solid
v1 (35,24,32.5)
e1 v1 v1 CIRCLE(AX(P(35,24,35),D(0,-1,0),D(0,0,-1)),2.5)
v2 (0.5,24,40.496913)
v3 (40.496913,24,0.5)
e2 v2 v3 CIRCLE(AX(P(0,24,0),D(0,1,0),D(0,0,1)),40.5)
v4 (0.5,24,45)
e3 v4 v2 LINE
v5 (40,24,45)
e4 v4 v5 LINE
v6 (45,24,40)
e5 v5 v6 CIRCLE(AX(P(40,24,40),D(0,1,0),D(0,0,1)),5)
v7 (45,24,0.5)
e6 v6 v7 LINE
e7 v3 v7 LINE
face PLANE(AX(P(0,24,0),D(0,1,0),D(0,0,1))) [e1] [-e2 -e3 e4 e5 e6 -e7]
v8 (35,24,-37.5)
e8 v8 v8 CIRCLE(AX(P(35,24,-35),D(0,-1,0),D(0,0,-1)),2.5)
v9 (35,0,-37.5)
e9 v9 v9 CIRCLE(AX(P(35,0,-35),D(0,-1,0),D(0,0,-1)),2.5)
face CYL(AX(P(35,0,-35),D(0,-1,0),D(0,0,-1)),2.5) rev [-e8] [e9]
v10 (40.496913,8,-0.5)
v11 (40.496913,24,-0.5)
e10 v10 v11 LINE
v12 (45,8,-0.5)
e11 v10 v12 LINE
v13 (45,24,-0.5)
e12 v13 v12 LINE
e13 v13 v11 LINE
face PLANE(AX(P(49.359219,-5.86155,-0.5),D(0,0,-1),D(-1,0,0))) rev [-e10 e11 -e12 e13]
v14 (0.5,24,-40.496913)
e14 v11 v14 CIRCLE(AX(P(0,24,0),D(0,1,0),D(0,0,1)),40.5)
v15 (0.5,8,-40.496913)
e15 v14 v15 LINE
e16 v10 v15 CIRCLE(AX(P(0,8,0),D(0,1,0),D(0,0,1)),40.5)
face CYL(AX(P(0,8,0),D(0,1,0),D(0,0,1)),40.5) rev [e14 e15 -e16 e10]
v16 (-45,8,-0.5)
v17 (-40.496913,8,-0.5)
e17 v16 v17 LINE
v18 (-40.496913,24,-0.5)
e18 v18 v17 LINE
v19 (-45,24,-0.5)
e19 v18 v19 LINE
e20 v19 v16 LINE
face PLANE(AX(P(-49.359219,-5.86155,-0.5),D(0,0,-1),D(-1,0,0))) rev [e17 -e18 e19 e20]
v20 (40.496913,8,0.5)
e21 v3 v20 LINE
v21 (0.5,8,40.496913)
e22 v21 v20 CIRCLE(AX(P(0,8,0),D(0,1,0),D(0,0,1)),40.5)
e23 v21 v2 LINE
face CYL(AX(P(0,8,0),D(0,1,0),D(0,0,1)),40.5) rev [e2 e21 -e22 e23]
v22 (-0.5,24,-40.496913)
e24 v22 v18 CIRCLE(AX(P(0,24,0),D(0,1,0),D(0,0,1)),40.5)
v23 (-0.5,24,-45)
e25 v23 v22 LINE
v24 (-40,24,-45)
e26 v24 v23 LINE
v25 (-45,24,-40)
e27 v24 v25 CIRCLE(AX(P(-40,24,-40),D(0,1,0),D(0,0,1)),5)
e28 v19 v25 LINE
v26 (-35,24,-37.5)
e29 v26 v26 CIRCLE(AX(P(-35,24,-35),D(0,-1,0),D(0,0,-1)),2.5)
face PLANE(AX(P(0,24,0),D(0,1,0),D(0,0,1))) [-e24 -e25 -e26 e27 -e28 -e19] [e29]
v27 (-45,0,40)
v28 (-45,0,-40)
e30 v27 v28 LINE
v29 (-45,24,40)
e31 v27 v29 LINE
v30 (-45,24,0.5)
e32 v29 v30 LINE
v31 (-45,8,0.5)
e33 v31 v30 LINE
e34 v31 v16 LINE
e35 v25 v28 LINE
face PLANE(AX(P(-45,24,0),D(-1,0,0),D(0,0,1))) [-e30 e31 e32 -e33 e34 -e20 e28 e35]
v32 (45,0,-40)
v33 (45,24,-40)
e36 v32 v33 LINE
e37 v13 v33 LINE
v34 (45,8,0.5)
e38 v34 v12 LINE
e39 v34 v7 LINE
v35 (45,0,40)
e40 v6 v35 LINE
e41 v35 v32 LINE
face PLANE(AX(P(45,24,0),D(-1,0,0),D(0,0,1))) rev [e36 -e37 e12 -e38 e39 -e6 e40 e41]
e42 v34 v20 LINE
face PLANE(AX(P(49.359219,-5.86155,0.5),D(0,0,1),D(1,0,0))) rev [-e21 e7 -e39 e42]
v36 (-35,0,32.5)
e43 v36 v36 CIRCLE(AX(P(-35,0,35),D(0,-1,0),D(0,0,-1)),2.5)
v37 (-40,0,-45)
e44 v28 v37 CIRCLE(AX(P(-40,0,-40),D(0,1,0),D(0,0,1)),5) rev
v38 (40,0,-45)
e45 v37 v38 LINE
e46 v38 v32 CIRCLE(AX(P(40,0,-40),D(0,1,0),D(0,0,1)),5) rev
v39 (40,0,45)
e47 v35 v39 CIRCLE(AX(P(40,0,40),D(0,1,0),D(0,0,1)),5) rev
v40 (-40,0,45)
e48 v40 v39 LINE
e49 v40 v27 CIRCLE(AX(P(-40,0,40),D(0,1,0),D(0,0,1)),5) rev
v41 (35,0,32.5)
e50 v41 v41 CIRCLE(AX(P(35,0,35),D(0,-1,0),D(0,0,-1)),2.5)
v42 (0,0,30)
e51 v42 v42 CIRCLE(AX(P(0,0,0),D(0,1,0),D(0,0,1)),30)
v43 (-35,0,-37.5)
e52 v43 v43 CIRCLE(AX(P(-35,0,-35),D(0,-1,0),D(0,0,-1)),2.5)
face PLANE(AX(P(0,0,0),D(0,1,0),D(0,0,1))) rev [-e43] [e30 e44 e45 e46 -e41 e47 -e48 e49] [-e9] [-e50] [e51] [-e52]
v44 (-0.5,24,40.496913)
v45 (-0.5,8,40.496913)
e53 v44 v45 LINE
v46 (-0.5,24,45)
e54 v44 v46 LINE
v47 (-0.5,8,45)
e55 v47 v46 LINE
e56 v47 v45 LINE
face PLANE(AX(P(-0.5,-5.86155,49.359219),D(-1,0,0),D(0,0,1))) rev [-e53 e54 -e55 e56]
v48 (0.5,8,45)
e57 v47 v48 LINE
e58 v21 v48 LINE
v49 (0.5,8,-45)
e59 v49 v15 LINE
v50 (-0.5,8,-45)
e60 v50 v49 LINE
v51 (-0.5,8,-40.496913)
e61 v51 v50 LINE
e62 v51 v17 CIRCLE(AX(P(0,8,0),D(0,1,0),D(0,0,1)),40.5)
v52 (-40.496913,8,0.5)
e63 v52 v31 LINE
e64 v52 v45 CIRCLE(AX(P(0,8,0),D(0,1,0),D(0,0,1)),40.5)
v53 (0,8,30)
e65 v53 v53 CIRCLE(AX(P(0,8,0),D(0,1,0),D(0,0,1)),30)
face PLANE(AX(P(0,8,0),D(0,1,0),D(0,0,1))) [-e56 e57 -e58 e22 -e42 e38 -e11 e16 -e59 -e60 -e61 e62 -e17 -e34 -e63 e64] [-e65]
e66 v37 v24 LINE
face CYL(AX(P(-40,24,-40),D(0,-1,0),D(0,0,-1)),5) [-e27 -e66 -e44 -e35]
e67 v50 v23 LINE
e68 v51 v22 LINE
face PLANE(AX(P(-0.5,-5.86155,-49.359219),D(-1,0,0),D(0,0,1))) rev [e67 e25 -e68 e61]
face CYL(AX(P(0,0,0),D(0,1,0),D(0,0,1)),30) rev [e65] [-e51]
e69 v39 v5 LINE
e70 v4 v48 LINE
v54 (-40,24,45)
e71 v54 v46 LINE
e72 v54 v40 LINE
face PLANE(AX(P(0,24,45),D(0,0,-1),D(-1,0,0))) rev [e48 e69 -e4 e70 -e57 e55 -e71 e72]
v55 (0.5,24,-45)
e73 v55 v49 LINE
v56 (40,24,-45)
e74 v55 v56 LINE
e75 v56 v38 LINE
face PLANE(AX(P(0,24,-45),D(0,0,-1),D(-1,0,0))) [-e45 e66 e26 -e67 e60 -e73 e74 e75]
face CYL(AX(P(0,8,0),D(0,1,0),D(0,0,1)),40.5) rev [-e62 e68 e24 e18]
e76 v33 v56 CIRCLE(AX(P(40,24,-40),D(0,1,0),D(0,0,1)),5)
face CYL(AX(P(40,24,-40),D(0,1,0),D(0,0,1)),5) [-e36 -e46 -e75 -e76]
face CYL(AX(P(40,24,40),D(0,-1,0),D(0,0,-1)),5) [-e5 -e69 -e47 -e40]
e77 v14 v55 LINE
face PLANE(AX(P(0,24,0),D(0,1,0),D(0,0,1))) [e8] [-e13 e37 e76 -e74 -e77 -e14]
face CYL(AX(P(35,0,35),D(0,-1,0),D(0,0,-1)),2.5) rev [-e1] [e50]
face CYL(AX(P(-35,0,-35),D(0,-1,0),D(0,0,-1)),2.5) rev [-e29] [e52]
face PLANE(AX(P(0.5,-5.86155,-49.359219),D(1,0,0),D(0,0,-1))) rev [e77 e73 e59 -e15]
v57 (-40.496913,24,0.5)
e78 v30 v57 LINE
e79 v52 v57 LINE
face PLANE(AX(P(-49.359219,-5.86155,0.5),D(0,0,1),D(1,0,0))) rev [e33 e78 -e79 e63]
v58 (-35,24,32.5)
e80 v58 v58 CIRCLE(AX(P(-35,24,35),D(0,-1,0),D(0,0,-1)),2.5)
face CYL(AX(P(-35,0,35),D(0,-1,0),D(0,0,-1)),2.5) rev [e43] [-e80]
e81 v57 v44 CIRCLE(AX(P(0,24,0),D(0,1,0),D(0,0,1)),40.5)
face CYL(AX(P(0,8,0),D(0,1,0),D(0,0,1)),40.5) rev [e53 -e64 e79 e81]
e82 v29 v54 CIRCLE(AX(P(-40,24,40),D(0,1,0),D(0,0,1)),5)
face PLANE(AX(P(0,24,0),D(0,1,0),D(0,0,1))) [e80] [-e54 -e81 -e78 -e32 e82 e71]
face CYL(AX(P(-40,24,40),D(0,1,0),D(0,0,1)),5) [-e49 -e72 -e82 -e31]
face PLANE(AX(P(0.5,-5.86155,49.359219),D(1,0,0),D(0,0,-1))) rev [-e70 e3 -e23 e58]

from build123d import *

# Parameters (mm, degrees)
SKETCH1_W             = 90
SKETCH1_H             = 90
SKETCH1_R             = 34
BOSS_EXTRUDE1_DEPTH   = 24
SKETCH2_R             = 40.5
CUT_EXTRUDE1_DEPTH    = 16
SKETCH3_R             = 12.7
CUT_EXTRUDE2_DEPTH    = 19
M6X1_0_TAPPED_HOLE1_D = 5
FILLET1_R             = 5
SKETCH7_R             = 30
SKETCH7_R_2           = 20
SKETCH7_R_3           = 12.7
CUT_EXTRUDE3_DEPTH    = 66.620118866
SKETCH8_W             = 13.825432395
SKETCH8_H             = 1
SKETCH8_W_2           = 1
SKETCH8_H_2           = 13.825432395
CUT_EXTRUDE4_DEPTH    = 16


with BuildPart() as part:
    # Sketch1 → Boss-Extrude1 (new body)
    # profile 1 of 2: a face of its own
    with BuildSketch(Plane(origin=(0, 0, 0), x_dir=(1, 0, 0), z_dir=(0, 1, 0))):
        Rectangle(SKETCH1_W, SKETCH1_H)
        Circle(SKETCH1_R, mode=Mode.SUBTRACT)
    # profile 2 of 2: a face of its own
    with BuildSketch(Plane(origin=(0, 0, 0), x_dir=(1, 0, 0), z_dir=(0, 1, 0))):
        Circle(SKETCH1_R)
    extrude(amount=BOSS_EXTRUDE1_DEPTH)

    # Sketch2 → Cut-Extrude1 (cut)
    with BuildSketch(Plane(origin=(0, 24, 0), x_dir=(1, 0, 0), z_dir=(0, 1, 0))):
        with Locations(Location((0, 0, 0), (0, 0, 270))):
            Circle(SKETCH2_R)
    extrude(amount=-CUT_EXTRUDE1_DEPTH, mode=Mode.SUBTRACT)

    # Sketch3 → Cut-Extrude2 (cut)
    with BuildSketch(Plane(origin=(0, 8, 0), x_dir=(1, 0, 0), z_dir=(0, 1, 0))):
        with Locations(Location((0, 0, 0), (0, 0, 270))):
            Circle(SKETCH3_R)
    extrude(amount=-CUT_EXTRUDE2_DEPTH, mode=Mode.SUBTRACT)

    # M6x1.0 Tapped Hole1 (through all)
    with Locations(Plane(origin=(0, 0, 0), x_dir=(-1, 0, 0), z_dir=(0, -1, 0))):
        with Locations((35, 35), (35, -35), (-35, -35), (-35, 35)):
            Hole(M6X1_0_TAPPED_HOLE1_D / 2)

    # Fillet1
    fillet1_edges = [part.edges().sort_by_distance(p)[0] for p in [
        (-45, 12, 45),
        (-45, 12, -45),
        (45, 12, -45),
        (45, 12, 45),
    ]]
    fillet(fillet1_edges, radius=FILLET1_R)

    # Sketch7 → Cut-Extrude3 (cut, through all)
    # profile 1 of 2: a face of its own
    with BuildSketch(Plane(origin=(0, 8, 0), x_dir=(1, 0, 0), z_dir=(0, 1, 0))):
        with Locations(Location((0, 0, 0), (0, 0, 270))):
            Circle(SKETCH7_R)
        Circle(SKETCH7_R_2, mode=Mode.SUBTRACT)
    # profile 2 of 2: a face of its own
    with BuildSketch(Plane(origin=(0, 8, 0), x_dir=(1, 0, 0), z_dir=(0, 1, 0))):
        Circle(SKETCH7_R_2)
        Circle(SKETCH7_R_3, mode=Mode.SUBTRACT)
    extrude(amount=-CUT_EXTRUDE3_DEPTH, mode=Mode.SUBTRACT)

    # Sketch8 → Cut-Extrude4 (cut)
    with BuildSketch(Plane(origin=(0, 24, 0), x_dir=(1, 0, 0), z_dir=(0, 1, 0))):
        with Locations((42.446502967, 0)):
            Rectangle(SKETCH8_W, SKETCH8_H)
        with Locations((0, 42.446502967)):
            Rectangle(SKETCH8_W_2, SKETCH8_H_2)
        with Locations((0, -42.446502967)):
            Rectangle(SKETCH8_W_2, SKETCH8_H_2)
        with Locations((-42.446502967, 0)):
            Rectangle(SKETCH8_W, SKETCH8_H)
    extrude(amount=-CUT_EXTRUDE4_DEPTH, mode=Mode.SUBTRACT)


solid = part.part
